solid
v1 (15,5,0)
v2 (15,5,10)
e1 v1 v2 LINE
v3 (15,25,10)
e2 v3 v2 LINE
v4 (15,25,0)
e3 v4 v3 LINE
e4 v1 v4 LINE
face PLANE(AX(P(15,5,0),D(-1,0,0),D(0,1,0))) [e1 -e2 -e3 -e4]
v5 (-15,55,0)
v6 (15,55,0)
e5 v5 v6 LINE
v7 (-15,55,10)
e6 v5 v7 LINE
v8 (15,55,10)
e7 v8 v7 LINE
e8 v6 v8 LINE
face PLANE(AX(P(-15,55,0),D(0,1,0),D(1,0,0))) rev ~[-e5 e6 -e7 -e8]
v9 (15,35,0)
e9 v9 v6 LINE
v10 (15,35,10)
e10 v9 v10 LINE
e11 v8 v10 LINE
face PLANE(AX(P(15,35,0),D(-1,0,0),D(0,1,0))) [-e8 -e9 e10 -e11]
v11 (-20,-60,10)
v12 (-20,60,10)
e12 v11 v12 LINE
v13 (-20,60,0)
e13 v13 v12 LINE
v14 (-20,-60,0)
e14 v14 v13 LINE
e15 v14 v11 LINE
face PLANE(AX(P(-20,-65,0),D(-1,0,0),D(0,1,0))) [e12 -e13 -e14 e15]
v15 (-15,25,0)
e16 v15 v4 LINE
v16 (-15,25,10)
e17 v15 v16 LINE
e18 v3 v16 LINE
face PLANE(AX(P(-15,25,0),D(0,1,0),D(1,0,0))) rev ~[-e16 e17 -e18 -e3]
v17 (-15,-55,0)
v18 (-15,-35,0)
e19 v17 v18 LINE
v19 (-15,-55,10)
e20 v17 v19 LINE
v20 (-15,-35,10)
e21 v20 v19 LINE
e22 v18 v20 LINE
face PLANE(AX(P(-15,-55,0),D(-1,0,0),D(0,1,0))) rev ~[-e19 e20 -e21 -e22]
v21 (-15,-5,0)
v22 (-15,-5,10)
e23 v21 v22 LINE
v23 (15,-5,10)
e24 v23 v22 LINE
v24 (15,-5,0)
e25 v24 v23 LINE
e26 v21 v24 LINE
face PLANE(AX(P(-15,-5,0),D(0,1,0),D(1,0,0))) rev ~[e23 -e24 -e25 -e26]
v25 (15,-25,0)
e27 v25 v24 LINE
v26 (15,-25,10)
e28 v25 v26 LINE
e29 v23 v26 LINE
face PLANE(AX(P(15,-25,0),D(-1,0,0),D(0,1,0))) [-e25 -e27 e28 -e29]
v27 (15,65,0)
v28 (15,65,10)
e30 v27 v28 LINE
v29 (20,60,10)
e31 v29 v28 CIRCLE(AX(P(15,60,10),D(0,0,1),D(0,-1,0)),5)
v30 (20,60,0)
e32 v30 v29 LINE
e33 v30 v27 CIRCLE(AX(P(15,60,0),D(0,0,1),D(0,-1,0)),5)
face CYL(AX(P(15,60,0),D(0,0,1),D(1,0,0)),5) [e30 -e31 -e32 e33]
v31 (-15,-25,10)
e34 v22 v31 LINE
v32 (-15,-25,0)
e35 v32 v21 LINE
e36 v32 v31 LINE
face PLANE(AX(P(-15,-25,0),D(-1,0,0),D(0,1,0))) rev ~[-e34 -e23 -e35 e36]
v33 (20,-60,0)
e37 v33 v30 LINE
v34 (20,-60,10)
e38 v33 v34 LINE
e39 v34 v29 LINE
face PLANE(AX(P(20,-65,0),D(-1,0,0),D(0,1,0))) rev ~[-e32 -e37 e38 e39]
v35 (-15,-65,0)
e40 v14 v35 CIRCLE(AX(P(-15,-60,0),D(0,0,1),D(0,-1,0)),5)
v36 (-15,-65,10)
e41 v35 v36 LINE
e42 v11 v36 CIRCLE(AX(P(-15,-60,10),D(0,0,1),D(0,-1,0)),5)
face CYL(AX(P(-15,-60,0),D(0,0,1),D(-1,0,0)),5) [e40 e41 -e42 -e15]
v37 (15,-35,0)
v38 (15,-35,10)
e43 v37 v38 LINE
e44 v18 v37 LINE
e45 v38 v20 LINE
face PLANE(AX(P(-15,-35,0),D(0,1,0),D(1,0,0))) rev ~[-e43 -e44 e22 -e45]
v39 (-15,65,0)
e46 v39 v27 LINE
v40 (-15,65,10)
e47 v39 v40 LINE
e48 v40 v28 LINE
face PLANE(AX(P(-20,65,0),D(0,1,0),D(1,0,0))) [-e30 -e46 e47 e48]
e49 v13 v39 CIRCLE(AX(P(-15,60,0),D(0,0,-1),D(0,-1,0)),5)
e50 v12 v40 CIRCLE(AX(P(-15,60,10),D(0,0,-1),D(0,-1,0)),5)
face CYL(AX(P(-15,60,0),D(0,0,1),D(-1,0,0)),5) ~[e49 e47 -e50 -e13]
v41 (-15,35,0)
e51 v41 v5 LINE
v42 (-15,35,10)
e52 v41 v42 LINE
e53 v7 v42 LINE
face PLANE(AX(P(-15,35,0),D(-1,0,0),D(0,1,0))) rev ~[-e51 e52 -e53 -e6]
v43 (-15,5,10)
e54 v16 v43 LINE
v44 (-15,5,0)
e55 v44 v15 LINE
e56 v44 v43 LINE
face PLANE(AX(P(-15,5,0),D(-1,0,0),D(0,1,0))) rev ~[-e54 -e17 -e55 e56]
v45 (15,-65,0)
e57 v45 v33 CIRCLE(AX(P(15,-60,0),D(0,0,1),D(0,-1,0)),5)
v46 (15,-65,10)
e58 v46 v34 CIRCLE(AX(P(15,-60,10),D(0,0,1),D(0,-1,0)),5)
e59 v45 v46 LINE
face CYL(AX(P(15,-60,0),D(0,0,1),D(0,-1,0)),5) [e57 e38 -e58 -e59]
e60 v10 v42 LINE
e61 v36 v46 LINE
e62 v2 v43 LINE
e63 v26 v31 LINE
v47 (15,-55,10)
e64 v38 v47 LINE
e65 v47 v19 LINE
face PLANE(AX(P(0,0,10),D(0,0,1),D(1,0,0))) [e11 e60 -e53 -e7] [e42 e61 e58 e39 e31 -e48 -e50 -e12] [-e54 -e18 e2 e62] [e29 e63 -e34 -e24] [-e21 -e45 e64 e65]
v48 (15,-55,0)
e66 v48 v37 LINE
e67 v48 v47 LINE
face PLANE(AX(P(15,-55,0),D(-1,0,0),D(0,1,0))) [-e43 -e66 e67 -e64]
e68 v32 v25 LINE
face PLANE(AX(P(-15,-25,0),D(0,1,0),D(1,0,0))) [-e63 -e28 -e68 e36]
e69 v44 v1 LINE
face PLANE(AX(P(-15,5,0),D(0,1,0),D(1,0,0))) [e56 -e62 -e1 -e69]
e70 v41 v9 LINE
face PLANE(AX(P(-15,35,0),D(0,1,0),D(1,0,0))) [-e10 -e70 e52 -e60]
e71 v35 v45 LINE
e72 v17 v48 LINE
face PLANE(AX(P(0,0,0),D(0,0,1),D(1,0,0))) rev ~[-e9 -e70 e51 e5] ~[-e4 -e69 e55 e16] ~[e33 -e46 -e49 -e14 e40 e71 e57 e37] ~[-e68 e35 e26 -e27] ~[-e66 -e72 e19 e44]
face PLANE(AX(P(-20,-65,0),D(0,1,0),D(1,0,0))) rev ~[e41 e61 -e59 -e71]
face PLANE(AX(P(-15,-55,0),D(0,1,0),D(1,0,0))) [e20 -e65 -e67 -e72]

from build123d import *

# Parameters (mm, degrees)
F0_W     = 40
F0_H     = 130
F1_DEPTH = 10
F2_R     = 5
F3_W     = 30
F3_H     = 20
F4_DEPTH = 25


with BuildPart() as f1:
    # F0 (on Top) → F1 (new body)
    with BuildSketch(Plane.XY):
        Rectangle(F0_W, F0_H)
    extrude(amount=F1_DEPTH)

    # F2
    f2_edges = [f1.edges().sort_by_distance(p)[0] for p in [
        (-20, -65, 5),
        (20, -65, 5),
        (20, 65, 5),
        (-20, 65, 5),
    ]]
    fillet(f2_edges, radius=F2_R)

    # F3 (on Top) → F4 (cut)
    with BuildSketch(Plane.XY):
        with Locations((0, 15)):
            Rectangle(F3_W, F3_H)
        with Locations((0, 45)):
            Rectangle(F3_W, F3_H)
        with Locations((0, -15)):
            Rectangle(F3_W, F3_H)
        with Locations((0, -45)):
            Rectangle(F3_W, F3_H)
    extrude(amount=F4_DEPTH, mode=Mode.SUBTRACT)


solid = f1.part
